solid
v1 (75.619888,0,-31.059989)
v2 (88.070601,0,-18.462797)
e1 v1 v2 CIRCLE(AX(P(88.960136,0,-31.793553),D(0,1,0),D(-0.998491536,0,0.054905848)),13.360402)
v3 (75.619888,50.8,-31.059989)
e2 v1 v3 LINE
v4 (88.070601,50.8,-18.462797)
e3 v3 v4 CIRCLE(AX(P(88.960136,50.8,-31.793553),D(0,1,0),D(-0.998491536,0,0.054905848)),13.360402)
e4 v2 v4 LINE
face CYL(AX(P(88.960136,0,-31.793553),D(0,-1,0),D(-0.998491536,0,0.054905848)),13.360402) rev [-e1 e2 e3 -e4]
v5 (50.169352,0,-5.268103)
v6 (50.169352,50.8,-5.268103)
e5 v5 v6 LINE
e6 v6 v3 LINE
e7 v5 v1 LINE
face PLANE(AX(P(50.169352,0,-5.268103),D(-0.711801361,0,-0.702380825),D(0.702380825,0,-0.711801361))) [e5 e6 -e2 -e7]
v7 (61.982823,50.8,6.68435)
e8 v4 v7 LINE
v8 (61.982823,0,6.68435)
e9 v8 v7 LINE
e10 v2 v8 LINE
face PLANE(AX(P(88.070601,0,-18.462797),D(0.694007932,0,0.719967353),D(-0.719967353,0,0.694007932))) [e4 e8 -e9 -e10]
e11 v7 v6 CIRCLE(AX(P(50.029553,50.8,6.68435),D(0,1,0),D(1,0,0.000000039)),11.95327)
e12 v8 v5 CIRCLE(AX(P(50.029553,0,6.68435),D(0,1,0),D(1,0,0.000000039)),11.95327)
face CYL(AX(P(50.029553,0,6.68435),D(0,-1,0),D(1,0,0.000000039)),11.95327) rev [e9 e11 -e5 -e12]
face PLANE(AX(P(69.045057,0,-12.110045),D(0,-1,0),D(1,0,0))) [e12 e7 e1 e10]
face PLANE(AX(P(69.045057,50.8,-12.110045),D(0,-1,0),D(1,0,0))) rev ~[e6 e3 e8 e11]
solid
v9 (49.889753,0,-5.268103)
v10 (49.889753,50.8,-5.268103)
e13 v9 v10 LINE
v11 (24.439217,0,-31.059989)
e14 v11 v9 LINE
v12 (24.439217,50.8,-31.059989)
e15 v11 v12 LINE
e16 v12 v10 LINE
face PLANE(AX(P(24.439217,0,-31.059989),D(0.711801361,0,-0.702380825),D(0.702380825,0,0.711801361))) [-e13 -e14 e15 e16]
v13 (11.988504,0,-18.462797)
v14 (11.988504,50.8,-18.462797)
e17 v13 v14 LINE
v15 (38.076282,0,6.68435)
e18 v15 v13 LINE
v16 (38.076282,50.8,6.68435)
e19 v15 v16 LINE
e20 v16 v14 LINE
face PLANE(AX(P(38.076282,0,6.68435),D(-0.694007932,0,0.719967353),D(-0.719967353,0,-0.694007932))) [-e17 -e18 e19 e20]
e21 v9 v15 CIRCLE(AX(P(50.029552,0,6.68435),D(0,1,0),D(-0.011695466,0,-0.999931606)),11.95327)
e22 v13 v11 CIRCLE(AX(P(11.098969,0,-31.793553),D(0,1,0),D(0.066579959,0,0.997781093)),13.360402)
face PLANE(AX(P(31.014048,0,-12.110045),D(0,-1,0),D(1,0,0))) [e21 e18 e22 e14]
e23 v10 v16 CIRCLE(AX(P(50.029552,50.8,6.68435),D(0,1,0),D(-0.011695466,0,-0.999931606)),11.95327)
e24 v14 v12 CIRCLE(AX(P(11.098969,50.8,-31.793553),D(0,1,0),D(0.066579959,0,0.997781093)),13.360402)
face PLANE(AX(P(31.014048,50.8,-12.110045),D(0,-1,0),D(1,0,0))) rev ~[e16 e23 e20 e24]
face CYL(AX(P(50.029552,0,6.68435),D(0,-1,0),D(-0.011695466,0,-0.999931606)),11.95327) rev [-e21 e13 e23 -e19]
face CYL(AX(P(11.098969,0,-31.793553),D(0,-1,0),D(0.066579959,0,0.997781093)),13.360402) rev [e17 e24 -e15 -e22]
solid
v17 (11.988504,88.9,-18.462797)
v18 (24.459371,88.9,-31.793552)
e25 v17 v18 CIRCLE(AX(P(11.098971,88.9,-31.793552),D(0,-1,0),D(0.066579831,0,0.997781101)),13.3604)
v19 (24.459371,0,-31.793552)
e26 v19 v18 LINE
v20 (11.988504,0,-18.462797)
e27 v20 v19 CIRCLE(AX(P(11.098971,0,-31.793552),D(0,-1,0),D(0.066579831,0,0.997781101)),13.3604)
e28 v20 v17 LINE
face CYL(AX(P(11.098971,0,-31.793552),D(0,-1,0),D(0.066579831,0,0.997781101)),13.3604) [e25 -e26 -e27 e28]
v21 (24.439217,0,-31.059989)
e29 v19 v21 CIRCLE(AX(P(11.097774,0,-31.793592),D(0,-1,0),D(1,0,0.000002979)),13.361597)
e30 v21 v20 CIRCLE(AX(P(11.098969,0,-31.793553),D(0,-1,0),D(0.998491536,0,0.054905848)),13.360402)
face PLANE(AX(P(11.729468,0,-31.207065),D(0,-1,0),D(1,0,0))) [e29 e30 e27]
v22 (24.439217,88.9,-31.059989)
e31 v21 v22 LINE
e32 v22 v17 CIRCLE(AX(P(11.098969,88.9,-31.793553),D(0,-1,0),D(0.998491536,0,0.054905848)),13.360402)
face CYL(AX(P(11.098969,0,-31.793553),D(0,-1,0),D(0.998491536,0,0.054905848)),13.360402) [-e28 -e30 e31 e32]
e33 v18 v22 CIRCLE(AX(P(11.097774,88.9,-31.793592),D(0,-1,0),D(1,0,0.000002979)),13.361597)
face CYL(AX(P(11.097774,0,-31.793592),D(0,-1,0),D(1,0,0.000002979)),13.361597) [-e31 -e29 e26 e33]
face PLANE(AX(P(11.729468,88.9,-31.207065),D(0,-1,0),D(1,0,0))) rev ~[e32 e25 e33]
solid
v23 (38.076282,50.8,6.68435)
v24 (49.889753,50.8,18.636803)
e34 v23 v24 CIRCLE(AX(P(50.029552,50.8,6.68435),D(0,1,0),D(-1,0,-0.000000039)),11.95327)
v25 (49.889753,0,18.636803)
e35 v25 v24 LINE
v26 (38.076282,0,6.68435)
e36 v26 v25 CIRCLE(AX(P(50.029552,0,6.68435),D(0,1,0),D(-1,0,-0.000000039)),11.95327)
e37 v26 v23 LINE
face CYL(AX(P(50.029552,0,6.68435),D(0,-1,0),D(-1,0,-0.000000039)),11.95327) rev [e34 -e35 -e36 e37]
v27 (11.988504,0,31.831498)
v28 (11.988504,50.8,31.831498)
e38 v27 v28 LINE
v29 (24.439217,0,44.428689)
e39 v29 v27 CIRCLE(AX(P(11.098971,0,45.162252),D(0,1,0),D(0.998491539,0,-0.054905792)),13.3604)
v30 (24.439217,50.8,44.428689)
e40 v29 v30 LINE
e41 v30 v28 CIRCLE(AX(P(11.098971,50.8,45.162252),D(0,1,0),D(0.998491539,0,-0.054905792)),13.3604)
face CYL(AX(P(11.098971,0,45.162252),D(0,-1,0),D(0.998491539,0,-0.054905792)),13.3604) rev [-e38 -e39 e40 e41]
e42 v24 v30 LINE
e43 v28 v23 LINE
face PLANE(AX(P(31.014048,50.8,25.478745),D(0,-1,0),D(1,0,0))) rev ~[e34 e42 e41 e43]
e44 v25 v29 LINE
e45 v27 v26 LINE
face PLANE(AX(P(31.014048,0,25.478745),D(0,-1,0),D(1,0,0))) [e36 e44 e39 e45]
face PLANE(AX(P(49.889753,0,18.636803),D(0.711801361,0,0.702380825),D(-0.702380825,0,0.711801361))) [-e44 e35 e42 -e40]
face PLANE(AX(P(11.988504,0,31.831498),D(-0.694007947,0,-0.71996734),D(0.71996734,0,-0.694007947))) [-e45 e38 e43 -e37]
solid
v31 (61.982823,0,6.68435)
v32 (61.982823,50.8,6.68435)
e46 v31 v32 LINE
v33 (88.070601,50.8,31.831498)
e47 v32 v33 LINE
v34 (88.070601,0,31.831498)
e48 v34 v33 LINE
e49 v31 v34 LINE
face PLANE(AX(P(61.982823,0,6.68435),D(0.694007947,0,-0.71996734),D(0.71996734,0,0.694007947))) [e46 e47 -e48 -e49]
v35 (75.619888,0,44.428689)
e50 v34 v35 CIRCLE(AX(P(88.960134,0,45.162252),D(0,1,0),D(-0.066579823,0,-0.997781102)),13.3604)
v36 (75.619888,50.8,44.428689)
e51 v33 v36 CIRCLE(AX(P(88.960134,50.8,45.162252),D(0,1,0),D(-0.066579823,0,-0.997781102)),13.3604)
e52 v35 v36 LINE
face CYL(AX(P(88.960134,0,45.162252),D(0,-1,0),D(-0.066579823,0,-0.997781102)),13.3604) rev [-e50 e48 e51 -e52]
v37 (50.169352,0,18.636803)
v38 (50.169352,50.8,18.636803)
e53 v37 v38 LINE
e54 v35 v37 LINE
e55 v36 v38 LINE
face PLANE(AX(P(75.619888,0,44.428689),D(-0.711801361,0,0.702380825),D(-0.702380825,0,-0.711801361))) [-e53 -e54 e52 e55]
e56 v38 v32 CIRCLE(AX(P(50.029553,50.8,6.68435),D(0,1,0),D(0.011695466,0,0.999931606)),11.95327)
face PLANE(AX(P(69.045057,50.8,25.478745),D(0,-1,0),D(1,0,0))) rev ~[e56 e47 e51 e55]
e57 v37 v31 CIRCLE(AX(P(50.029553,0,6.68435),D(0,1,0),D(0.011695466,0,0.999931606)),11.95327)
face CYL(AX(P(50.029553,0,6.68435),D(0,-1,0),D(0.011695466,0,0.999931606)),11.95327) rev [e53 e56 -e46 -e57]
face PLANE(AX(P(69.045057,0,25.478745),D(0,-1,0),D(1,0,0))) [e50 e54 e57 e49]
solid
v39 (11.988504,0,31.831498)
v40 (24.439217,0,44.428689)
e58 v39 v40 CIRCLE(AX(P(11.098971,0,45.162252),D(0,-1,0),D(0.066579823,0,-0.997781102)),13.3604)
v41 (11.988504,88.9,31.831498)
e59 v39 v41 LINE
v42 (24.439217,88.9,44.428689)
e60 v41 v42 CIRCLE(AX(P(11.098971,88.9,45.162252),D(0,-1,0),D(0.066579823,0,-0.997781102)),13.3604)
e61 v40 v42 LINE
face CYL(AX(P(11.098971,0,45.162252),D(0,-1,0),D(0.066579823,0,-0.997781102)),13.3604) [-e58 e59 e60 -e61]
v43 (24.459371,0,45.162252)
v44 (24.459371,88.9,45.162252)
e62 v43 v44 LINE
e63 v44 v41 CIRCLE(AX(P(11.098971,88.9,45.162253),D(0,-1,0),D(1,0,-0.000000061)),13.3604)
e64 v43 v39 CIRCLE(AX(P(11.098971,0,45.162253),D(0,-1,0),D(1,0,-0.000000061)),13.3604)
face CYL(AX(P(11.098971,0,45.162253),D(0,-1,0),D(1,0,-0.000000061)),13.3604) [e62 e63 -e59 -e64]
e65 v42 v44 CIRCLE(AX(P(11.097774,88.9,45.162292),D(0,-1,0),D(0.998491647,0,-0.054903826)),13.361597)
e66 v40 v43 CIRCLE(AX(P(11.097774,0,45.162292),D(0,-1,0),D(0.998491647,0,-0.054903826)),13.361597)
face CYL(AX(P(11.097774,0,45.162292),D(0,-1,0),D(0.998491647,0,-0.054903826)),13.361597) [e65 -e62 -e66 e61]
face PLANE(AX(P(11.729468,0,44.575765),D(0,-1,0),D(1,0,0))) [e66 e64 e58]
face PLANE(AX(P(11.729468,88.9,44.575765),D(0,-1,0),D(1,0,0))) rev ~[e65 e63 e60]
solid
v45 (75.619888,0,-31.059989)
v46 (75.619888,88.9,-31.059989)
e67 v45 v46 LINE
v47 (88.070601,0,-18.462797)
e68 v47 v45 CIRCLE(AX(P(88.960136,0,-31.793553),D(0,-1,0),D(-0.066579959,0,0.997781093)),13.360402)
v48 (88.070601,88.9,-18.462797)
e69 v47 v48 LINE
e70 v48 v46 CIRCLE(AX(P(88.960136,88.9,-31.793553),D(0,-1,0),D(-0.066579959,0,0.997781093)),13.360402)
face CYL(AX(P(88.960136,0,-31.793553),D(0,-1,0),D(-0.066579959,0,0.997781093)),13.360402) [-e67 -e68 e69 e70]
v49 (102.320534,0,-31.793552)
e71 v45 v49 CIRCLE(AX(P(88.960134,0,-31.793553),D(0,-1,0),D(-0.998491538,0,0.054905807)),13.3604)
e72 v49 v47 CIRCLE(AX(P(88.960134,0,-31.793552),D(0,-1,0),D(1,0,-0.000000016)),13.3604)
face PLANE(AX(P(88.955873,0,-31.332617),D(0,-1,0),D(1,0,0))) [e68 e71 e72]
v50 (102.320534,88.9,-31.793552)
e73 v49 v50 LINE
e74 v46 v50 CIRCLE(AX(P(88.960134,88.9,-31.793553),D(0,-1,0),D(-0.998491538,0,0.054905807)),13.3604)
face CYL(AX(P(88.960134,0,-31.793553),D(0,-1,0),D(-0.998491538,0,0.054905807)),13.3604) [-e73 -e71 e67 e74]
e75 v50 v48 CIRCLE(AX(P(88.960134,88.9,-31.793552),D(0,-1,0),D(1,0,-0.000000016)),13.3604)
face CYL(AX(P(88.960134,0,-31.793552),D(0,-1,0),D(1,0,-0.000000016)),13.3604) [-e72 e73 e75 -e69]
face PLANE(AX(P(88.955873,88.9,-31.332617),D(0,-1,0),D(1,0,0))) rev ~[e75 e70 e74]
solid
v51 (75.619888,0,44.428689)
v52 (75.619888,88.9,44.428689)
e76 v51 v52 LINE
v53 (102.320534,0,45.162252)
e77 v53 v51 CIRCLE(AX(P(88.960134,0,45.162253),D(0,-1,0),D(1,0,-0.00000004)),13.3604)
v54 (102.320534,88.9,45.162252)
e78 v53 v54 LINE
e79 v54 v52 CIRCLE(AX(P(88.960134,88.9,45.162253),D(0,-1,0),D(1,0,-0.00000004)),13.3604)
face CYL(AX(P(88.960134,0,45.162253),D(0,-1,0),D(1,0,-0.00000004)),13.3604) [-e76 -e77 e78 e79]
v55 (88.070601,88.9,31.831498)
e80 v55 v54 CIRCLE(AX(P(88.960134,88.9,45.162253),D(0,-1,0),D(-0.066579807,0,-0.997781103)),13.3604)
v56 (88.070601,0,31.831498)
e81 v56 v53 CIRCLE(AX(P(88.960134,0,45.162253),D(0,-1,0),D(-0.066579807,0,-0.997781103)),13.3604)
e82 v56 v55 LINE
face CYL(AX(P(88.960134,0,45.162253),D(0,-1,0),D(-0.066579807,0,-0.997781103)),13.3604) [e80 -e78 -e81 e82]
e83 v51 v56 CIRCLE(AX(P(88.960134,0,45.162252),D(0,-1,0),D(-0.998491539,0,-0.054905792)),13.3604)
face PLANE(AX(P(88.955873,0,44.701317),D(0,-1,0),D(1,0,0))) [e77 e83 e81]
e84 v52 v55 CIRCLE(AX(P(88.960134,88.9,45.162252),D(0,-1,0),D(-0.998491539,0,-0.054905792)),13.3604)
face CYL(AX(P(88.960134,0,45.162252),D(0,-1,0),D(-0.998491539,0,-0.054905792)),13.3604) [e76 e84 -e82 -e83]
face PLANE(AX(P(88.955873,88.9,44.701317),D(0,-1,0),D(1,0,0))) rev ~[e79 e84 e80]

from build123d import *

# Parameters (mm, degrees)
F1_DEPTH = 88.9
F2_DEPTH = 50.8


with BuildPart() as f1:
    # F0 (on Front) → F1 (new body)
    with BuildSketch(Plane.XZ):
        with BuildLine():
            ThreePointArc((75.619888, 44.428689), (79.457821, 35.77043), (88.070601, 31.831498))
            ThreePointArc((88.070601, 31.831498), (98.087449, 35.405593), (102.320534, 45.162252))
            ThreePointArc((102.320534, 45.162252), (88.593214, 58.517613), (75.619888, 44.428689))
        make_face()
        with BuildLine():
            ThreePointArc((11.988504, 31.831498), (20.601284, 35.77043), (24.439217, 44.428689))
            ThreePointArc((24.439217, 44.428689), (24.454331, 44.795332), (24.459371, 45.162252))
            ThreePointArc((24.459371, 45.162252), (1.342311, 54.289568), (11.988504, 31.831498))
        make_face()
        with BuildLine():
            ThreePointArc((24.459371, -31.793552), (24.454331, -31.426632), (24.439217, -31.059989))
            ThreePointArc((24.439217, -31.059989), (20.601284, -22.40173), (11.988504, -18.462797))
            ThreePointArc((11.988504, -18.462797), (1.342311, -40.920867), (24.459371, -31.793552))
        make_face()
        with BuildLine():
            ThreePointArc((102.320534, -31.793552), (98.087449, -22.036892), (88.070601, -18.462797))
            ThreePointArc((88.070601, -18.462797), (79.457821, -22.40173), (75.619888, -31.059989))
            ThreePointArc((75.619888, -31.059989), (88.593214, -45.148913), (102.320534, -31.793552))
        make_face()
    extrude(amount=-F1_DEPTH)


with BuildPart() as f2:
    # F0 (on Front) → F2 (new body)
    with BuildSketch(Plane.XZ):
        with BuildLine():
            ThreePointArc((50.169352, 18.636803), (58.531074, 15.087017), (61.982823, 6.68435))
            Line((61.982823, 6.68435), (88.070601, 31.831498))
            ThreePointArc((88.070601, 31.831498), (79.457821, 35.77043), (75.619888, 44.428689))
            Line((75.619888, 44.428689), (50.169352, 18.636803))
        make_face()
        with BuildLine():
            Line((88.070601, -18.462797), (61.982823, 6.68435))
            ThreePointArc((61.982823, 6.68435), (58.531074, -1.718317), (50.169352, -5.268103))
            Line((50.169352, -5.268103), (75.619888, -31.059989))
            ThreePointArc((75.619888, -31.059989), (79.457821, -22.40173), (88.070601, -18.462797))
        make_face()
        with BuildLine():
            Line((24.439217, -31.059989), (49.889753, -5.268103))
            ThreePointArc((49.889753, -5.268103), (41.528031, -1.718317), (38.076282, 6.68435))
            Line((38.076282, 6.68435), (11.988504, -18.462797))
            ThreePointArc((11.988504, -18.462797), (20.601284, -22.40173), (24.439217, -31.059989))
        make_face()
        with BuildLine():
            ThreePointArc((38.076282, 6.68435), (41.528031, 15.087017), (49.889753, 18.636803))
            Line((49.889753, 18.636803), (24.439217, 44.428689))
            ThreePointArc((24.439217, 44.428689), (20.601284, 35.77043), (11.988504, 31.831498))
            Line((11.988504, 31.831498), (38.076282, 6.68435))
        make_face()
    extrude(amount=-F2_DEPTH)


solid = Compound([f1.part, f2.part])
